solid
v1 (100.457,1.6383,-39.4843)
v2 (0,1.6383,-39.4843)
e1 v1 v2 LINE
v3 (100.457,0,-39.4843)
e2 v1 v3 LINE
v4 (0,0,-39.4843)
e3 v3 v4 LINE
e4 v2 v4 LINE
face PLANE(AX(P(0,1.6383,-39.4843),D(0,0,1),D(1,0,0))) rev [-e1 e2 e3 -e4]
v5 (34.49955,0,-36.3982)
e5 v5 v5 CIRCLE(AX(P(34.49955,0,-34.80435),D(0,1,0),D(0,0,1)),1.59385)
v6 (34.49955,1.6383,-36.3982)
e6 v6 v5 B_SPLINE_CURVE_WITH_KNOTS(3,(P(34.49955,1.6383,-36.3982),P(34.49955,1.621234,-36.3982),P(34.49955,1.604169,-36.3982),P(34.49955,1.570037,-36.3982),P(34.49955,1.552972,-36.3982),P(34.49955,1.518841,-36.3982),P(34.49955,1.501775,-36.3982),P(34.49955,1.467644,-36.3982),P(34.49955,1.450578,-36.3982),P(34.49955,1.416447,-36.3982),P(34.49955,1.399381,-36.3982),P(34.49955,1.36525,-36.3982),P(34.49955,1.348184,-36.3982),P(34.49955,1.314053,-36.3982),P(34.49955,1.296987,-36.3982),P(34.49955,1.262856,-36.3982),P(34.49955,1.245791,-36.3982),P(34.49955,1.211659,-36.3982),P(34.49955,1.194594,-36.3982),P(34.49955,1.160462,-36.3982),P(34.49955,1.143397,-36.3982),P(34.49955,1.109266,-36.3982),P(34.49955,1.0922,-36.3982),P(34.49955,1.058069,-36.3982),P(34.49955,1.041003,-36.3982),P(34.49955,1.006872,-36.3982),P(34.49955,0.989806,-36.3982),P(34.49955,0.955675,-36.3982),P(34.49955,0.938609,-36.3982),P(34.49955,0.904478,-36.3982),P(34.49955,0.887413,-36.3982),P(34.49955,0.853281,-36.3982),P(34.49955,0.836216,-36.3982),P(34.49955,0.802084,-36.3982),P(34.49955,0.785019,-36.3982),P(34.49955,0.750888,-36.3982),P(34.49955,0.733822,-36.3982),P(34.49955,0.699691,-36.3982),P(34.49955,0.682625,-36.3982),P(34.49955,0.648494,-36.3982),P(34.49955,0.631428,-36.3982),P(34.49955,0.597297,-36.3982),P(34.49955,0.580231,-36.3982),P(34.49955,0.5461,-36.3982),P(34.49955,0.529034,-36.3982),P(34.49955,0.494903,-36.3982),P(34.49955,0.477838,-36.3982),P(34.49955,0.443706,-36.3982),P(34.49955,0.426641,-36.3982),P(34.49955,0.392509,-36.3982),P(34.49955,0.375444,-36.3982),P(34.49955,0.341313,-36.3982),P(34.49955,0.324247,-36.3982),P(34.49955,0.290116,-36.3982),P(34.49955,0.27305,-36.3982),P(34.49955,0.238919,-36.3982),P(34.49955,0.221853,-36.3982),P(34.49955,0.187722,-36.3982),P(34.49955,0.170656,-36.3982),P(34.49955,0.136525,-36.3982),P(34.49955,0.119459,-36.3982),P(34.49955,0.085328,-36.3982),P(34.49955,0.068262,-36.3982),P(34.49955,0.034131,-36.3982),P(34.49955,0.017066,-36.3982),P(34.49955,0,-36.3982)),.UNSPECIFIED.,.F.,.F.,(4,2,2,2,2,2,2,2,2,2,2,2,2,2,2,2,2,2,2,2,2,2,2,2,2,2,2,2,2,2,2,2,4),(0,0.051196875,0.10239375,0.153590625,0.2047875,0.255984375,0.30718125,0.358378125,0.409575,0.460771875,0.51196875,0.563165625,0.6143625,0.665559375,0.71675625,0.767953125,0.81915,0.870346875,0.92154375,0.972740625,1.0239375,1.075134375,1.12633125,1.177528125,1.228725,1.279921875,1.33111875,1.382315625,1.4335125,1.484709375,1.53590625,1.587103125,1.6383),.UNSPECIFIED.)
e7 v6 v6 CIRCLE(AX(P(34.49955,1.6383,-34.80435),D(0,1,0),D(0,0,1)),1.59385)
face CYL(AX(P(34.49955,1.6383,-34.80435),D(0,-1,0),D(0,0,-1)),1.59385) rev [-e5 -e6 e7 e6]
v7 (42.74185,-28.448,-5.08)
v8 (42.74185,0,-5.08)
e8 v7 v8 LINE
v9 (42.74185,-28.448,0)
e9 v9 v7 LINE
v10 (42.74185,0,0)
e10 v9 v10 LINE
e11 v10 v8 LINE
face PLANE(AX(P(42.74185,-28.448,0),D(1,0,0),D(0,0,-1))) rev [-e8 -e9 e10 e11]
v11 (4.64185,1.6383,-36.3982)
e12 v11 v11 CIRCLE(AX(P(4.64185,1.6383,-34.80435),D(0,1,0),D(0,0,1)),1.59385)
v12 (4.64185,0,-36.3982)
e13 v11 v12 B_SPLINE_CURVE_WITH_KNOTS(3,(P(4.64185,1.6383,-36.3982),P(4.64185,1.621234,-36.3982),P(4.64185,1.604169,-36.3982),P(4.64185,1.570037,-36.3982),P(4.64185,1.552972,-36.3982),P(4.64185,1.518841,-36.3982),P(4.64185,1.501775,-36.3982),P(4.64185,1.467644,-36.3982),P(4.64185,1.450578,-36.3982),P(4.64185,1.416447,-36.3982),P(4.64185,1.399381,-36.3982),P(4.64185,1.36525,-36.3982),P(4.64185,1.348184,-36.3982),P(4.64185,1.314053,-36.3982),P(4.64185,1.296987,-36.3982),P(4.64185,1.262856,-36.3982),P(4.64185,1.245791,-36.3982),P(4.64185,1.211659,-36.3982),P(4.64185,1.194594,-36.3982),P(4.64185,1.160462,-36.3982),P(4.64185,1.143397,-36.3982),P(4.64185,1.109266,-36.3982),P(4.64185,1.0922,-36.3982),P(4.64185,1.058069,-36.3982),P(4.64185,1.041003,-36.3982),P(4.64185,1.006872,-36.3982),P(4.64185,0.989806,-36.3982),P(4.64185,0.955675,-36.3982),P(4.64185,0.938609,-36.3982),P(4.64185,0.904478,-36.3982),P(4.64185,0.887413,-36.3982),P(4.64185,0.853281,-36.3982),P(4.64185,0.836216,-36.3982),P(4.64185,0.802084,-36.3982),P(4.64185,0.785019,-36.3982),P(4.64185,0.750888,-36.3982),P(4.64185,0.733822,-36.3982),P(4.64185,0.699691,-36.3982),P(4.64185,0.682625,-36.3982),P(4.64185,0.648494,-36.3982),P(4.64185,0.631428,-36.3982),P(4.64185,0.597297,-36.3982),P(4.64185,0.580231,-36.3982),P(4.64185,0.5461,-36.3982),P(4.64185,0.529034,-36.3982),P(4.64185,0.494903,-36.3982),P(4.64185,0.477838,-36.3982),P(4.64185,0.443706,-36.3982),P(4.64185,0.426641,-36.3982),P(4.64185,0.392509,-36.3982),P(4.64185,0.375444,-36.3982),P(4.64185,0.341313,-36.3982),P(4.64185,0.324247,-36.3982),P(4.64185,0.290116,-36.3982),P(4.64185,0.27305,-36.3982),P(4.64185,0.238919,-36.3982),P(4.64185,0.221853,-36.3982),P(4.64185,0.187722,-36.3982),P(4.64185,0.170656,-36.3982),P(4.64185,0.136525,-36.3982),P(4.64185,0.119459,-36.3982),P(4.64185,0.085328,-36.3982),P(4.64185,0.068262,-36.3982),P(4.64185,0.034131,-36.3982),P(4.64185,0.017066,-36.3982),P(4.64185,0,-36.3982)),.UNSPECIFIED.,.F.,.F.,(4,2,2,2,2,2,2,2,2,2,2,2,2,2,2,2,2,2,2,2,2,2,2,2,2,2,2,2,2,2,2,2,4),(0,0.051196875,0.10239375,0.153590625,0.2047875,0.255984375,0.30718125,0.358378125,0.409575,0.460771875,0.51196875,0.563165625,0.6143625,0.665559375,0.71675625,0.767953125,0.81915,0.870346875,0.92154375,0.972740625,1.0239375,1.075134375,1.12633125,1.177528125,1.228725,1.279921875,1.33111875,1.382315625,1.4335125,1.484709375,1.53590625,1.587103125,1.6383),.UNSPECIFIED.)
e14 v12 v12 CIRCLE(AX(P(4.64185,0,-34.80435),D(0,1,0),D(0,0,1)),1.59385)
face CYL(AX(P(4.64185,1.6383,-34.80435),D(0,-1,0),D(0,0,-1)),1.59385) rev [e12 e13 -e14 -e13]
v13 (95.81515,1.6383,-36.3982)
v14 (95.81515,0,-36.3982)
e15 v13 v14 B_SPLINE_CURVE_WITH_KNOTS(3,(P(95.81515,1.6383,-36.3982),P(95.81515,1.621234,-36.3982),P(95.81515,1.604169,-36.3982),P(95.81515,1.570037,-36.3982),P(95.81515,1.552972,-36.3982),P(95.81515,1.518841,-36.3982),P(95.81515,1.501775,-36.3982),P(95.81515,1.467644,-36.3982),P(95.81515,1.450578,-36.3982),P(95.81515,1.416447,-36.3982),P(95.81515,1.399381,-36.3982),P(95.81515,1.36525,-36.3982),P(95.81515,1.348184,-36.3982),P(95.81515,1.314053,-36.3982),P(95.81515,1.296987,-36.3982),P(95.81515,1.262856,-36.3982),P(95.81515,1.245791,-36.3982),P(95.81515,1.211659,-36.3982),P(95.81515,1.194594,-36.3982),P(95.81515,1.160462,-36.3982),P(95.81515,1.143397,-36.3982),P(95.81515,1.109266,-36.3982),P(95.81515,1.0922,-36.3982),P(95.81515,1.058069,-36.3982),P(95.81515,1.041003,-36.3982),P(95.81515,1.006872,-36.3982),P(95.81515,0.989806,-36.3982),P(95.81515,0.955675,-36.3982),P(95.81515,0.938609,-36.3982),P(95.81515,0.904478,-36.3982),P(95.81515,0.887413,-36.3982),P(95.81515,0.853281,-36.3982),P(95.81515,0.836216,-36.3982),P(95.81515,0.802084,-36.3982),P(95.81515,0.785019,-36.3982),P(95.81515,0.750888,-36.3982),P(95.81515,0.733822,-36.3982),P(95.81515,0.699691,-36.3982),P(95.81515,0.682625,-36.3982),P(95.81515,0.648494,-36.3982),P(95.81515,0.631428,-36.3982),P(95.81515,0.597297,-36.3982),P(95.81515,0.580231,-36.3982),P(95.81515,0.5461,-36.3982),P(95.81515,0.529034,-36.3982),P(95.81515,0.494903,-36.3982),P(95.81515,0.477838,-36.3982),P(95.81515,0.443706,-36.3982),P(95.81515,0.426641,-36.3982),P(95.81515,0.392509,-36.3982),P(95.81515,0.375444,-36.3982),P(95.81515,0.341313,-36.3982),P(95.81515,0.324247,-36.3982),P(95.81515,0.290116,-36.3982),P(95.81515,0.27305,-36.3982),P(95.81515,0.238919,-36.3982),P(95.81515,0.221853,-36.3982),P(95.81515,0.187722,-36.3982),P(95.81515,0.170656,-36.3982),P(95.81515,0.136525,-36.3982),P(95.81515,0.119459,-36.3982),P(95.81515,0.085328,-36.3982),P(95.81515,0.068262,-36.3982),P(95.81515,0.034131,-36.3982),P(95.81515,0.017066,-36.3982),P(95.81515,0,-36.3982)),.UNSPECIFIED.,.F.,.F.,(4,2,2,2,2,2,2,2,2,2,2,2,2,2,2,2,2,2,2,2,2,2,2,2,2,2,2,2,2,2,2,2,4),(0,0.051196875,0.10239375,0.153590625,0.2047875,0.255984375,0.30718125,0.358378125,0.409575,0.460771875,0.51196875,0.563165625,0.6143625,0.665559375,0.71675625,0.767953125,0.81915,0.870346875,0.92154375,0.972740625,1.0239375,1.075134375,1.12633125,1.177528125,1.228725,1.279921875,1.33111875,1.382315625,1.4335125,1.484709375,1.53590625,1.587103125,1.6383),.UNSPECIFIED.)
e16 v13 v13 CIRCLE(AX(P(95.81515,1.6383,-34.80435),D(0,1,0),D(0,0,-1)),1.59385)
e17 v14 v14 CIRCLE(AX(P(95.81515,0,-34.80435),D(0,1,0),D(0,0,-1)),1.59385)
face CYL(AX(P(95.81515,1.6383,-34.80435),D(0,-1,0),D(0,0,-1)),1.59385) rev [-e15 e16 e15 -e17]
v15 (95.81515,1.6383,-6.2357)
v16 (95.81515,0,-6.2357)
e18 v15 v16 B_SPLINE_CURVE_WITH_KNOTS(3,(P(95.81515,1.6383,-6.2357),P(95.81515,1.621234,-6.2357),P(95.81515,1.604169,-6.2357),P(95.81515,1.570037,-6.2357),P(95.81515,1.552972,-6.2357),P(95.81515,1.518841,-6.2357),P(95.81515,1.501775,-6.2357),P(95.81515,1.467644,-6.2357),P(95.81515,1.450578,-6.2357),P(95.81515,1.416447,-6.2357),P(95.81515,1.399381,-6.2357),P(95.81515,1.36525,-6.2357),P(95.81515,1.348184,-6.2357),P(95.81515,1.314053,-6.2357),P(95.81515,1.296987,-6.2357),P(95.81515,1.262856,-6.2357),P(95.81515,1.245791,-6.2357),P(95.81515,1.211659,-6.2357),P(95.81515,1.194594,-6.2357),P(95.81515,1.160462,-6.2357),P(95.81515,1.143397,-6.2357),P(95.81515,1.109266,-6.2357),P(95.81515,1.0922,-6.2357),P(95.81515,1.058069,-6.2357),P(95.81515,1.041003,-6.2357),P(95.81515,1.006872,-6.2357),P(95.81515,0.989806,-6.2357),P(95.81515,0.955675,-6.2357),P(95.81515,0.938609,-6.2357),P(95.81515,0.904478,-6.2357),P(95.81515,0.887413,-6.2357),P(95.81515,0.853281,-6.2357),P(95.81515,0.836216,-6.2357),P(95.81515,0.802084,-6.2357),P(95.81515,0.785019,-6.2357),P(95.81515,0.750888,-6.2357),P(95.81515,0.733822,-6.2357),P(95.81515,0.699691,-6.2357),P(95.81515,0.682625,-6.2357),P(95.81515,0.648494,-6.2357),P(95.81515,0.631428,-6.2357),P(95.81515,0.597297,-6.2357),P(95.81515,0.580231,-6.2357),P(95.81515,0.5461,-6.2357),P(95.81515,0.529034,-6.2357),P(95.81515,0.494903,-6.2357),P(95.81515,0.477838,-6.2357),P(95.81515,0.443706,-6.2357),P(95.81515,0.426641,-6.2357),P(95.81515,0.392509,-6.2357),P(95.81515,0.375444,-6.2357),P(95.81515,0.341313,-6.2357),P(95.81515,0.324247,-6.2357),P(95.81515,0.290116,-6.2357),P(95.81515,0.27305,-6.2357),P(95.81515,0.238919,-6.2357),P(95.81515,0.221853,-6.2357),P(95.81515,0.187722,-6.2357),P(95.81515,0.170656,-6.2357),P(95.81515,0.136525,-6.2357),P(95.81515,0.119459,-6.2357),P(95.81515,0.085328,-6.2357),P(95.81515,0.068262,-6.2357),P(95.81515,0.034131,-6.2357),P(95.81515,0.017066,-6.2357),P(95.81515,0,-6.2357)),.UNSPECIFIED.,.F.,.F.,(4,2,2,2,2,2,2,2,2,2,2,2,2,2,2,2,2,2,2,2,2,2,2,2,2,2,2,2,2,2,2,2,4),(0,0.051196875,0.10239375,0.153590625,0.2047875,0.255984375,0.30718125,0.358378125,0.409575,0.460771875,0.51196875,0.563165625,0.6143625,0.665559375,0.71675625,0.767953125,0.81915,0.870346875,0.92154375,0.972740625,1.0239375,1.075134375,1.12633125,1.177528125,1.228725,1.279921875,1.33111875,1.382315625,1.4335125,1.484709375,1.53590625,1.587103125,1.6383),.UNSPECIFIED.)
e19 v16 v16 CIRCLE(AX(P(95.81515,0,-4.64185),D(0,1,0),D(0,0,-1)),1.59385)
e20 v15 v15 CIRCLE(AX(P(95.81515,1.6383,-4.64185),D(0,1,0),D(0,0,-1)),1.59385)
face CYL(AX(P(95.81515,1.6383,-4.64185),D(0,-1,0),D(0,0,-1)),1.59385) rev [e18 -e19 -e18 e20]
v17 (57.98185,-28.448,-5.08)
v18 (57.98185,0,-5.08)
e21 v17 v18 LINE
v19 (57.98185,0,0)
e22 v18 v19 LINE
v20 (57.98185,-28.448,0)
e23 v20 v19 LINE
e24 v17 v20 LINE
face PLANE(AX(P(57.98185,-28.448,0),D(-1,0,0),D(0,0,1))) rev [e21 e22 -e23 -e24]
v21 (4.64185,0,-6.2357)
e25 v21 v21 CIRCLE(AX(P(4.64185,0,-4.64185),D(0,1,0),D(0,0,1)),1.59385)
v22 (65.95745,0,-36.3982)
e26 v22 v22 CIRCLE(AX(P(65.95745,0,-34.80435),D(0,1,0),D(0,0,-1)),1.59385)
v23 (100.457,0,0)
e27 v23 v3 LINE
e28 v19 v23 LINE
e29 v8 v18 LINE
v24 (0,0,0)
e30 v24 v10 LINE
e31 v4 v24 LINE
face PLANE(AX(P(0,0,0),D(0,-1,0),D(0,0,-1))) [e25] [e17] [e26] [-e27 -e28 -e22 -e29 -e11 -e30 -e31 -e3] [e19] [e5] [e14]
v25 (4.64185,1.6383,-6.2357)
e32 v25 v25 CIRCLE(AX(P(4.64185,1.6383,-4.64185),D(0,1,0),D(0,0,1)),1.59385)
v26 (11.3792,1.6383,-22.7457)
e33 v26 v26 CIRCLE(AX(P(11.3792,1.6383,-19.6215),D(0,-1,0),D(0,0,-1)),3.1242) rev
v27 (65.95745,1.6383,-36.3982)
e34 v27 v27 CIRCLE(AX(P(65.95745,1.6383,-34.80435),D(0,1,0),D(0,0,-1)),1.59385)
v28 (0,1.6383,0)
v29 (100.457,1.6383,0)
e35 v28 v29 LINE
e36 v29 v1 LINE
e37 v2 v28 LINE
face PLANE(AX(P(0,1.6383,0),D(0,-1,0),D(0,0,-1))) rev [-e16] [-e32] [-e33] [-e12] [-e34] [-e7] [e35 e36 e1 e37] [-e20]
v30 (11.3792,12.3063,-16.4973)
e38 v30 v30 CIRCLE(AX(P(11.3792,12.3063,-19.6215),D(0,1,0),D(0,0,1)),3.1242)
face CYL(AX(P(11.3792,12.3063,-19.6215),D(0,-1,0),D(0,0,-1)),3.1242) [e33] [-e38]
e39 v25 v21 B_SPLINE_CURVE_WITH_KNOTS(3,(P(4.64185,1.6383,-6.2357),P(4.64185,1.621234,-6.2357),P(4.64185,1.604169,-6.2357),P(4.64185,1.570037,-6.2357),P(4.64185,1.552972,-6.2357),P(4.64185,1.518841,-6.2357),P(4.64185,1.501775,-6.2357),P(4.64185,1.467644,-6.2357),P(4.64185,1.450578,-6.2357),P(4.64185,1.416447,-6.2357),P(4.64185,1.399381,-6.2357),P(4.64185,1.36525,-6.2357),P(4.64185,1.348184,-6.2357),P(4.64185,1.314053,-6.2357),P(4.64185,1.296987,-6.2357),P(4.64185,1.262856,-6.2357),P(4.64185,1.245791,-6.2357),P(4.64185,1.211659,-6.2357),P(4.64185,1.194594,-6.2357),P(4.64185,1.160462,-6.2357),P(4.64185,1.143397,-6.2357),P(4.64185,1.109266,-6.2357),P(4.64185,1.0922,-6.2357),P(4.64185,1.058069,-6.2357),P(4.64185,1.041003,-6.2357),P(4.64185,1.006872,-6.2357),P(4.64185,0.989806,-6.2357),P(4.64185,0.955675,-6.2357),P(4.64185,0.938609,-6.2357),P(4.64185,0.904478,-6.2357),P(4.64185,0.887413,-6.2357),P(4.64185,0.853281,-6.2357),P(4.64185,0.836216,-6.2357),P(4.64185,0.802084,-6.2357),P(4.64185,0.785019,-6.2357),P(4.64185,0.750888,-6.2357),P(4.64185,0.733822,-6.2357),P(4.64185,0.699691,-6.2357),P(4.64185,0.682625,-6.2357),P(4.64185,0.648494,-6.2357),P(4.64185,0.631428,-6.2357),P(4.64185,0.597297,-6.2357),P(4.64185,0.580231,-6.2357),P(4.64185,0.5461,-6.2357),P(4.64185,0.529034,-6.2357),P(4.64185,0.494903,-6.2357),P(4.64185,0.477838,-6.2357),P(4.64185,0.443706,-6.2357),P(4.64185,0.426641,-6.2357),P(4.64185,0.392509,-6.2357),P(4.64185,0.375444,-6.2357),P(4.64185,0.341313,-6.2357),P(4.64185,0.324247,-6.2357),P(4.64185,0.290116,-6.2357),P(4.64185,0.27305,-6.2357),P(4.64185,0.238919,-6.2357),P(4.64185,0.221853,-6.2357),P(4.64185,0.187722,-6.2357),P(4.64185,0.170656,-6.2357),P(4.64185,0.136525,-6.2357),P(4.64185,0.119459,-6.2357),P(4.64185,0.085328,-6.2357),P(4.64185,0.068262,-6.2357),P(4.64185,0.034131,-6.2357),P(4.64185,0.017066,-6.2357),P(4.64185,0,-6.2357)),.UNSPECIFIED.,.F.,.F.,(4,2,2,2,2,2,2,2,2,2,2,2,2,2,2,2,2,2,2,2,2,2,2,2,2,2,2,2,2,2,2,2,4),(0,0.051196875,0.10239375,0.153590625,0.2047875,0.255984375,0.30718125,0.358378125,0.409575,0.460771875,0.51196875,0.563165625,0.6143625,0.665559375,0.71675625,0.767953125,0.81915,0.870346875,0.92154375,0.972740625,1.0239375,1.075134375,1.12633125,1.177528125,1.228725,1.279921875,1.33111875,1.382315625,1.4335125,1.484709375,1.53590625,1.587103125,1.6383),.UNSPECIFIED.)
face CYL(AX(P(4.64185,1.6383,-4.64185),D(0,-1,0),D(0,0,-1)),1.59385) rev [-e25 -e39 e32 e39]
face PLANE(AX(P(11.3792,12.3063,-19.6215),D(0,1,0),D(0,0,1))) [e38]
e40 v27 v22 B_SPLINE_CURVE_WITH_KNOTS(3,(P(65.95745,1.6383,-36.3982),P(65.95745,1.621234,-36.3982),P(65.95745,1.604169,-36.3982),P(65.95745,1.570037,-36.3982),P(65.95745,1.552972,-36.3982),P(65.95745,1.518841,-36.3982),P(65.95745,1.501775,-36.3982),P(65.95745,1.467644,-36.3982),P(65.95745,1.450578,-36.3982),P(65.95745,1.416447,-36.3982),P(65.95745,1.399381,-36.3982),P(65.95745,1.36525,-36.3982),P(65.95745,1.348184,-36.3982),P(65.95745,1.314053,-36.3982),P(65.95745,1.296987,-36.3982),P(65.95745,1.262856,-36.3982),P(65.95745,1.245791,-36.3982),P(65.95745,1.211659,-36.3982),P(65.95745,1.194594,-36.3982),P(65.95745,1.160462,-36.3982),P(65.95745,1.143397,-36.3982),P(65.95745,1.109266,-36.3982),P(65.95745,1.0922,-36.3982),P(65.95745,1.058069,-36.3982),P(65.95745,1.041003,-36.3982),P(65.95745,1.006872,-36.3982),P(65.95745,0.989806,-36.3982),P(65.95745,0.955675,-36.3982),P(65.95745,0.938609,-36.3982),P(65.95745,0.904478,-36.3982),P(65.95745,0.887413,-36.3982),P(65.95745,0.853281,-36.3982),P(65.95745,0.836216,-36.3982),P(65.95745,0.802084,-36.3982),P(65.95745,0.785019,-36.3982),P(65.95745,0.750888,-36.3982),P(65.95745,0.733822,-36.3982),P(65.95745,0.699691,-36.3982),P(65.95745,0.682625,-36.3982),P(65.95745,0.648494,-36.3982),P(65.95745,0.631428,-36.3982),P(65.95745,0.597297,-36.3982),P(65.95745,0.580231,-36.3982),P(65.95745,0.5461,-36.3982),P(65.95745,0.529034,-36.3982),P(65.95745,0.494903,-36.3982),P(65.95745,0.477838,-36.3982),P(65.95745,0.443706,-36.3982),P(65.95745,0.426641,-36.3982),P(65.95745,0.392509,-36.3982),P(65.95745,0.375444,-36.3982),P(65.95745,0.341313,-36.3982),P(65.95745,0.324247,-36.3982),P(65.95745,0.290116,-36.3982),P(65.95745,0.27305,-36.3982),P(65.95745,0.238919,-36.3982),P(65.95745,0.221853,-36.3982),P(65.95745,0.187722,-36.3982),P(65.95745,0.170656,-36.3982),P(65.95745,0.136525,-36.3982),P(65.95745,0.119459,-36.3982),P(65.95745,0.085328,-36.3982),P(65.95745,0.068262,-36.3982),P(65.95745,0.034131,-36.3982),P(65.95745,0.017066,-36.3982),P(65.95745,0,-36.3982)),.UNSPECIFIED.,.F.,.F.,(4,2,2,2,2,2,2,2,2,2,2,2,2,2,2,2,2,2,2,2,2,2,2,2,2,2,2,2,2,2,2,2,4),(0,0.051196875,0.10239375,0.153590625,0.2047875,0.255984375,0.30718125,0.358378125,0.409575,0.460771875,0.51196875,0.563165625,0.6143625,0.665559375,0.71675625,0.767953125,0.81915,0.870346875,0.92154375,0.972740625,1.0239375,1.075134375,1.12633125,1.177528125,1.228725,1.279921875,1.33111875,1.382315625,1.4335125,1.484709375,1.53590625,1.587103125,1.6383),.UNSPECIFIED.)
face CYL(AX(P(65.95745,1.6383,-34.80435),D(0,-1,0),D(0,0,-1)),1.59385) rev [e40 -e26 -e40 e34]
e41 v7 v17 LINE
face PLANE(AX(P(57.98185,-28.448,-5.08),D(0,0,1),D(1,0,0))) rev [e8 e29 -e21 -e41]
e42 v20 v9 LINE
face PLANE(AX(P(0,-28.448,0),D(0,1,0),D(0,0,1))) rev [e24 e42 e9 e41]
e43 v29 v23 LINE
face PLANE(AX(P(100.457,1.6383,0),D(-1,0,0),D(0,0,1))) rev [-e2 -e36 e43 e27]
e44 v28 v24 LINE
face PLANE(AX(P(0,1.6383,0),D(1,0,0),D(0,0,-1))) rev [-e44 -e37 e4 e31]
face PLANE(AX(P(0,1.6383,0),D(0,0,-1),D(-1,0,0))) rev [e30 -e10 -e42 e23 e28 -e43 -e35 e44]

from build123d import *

# Parameters (mm, degrees)
SKETCH1_W           = 100.457
SKETCH1_H           = 39.4843
SKETCH1_R           = 1.59385
BOSS_EXTRUDE1_DEPTH = 1.6383
SKETCH3_R           = 3.1242
BOSS_EXTRUDE2_DEPTH = 10.668
SKETCH4_W           = 15.24
SKETCH4_H           = 5.08
BOSS_EXTRUDE3_DEPTH = 28.448


with BuildPart() as part:
    # Sketch1 → Boss-Extrude1 (new body)
    with BuildSketch(Plane(origin=(0, 0, 0), x_dir=(1, 0, 0), z_dir=(0, 1, 0))):
        with Locations((50.2285, 19.74215)):
            Rectangle(SKETCH1_W, SKETCH1_H)
        with Locations(Location((4.64185, 34.80435, 0), (0, 0, 90))):
            Circle(SKETCH1_R, mode=Mode.SUBTRACT)
        with Locations(Location((34.49955, 34.80435, 0), (0, 0, 90))):
            Circle(SKETCH1_R, mode=Mode.SUBTRACT)
        with Locations(Location((4.64185, 4.64185, 0), (0, 0, 90))):
            Circle(SKETCH1_R, mode=Mode.SUBTRACT)
        with Locations(Location((65.95745, 34.80435, 0), (0, 0, 90))):
            Circle(SKETCH1_R, mode=Mode.SUBTRACT)
        with Locations(Location((95.81515, 34.80435, 0), (0, 0, 90))):
            Circle(SKETCH1_R, mode=Mode.SUBTRACT)
        with Locations(Location((95.81515, 4.64185, 0), (0, 0, 90))):
            Circle(SKETCH1_R, mode=Mode.SUBTRACT)
    extrude(amount=BOSS_EXTRUDE1_DEPTH)

    # Sketch3 → Boss-Extrude2 (add)
    with BuildSketch(Plane(origin=(0, 1.6383, 0), x_dir=(1, 0, 0), z_dir=(0, 1, 0))):
        with Locations(Location((11.3792, 19.6215, 0), (0, 0, 90))):
            Circle(SKETCH3_R)
    extrude(amount=BOSS_EXTRUDE2_DEPTH)

    # Sketch4 → Boss-Extrude3 (add)
    with BuildSketch(Plane.XZ):
        with Locations((50.36185, -2.54)):
            Rectangle(SKETCH4_W, SKETCH4_H)
    extrude(amount=BOSS_EXTRUDE3_DEPTH)


solid = part.part
